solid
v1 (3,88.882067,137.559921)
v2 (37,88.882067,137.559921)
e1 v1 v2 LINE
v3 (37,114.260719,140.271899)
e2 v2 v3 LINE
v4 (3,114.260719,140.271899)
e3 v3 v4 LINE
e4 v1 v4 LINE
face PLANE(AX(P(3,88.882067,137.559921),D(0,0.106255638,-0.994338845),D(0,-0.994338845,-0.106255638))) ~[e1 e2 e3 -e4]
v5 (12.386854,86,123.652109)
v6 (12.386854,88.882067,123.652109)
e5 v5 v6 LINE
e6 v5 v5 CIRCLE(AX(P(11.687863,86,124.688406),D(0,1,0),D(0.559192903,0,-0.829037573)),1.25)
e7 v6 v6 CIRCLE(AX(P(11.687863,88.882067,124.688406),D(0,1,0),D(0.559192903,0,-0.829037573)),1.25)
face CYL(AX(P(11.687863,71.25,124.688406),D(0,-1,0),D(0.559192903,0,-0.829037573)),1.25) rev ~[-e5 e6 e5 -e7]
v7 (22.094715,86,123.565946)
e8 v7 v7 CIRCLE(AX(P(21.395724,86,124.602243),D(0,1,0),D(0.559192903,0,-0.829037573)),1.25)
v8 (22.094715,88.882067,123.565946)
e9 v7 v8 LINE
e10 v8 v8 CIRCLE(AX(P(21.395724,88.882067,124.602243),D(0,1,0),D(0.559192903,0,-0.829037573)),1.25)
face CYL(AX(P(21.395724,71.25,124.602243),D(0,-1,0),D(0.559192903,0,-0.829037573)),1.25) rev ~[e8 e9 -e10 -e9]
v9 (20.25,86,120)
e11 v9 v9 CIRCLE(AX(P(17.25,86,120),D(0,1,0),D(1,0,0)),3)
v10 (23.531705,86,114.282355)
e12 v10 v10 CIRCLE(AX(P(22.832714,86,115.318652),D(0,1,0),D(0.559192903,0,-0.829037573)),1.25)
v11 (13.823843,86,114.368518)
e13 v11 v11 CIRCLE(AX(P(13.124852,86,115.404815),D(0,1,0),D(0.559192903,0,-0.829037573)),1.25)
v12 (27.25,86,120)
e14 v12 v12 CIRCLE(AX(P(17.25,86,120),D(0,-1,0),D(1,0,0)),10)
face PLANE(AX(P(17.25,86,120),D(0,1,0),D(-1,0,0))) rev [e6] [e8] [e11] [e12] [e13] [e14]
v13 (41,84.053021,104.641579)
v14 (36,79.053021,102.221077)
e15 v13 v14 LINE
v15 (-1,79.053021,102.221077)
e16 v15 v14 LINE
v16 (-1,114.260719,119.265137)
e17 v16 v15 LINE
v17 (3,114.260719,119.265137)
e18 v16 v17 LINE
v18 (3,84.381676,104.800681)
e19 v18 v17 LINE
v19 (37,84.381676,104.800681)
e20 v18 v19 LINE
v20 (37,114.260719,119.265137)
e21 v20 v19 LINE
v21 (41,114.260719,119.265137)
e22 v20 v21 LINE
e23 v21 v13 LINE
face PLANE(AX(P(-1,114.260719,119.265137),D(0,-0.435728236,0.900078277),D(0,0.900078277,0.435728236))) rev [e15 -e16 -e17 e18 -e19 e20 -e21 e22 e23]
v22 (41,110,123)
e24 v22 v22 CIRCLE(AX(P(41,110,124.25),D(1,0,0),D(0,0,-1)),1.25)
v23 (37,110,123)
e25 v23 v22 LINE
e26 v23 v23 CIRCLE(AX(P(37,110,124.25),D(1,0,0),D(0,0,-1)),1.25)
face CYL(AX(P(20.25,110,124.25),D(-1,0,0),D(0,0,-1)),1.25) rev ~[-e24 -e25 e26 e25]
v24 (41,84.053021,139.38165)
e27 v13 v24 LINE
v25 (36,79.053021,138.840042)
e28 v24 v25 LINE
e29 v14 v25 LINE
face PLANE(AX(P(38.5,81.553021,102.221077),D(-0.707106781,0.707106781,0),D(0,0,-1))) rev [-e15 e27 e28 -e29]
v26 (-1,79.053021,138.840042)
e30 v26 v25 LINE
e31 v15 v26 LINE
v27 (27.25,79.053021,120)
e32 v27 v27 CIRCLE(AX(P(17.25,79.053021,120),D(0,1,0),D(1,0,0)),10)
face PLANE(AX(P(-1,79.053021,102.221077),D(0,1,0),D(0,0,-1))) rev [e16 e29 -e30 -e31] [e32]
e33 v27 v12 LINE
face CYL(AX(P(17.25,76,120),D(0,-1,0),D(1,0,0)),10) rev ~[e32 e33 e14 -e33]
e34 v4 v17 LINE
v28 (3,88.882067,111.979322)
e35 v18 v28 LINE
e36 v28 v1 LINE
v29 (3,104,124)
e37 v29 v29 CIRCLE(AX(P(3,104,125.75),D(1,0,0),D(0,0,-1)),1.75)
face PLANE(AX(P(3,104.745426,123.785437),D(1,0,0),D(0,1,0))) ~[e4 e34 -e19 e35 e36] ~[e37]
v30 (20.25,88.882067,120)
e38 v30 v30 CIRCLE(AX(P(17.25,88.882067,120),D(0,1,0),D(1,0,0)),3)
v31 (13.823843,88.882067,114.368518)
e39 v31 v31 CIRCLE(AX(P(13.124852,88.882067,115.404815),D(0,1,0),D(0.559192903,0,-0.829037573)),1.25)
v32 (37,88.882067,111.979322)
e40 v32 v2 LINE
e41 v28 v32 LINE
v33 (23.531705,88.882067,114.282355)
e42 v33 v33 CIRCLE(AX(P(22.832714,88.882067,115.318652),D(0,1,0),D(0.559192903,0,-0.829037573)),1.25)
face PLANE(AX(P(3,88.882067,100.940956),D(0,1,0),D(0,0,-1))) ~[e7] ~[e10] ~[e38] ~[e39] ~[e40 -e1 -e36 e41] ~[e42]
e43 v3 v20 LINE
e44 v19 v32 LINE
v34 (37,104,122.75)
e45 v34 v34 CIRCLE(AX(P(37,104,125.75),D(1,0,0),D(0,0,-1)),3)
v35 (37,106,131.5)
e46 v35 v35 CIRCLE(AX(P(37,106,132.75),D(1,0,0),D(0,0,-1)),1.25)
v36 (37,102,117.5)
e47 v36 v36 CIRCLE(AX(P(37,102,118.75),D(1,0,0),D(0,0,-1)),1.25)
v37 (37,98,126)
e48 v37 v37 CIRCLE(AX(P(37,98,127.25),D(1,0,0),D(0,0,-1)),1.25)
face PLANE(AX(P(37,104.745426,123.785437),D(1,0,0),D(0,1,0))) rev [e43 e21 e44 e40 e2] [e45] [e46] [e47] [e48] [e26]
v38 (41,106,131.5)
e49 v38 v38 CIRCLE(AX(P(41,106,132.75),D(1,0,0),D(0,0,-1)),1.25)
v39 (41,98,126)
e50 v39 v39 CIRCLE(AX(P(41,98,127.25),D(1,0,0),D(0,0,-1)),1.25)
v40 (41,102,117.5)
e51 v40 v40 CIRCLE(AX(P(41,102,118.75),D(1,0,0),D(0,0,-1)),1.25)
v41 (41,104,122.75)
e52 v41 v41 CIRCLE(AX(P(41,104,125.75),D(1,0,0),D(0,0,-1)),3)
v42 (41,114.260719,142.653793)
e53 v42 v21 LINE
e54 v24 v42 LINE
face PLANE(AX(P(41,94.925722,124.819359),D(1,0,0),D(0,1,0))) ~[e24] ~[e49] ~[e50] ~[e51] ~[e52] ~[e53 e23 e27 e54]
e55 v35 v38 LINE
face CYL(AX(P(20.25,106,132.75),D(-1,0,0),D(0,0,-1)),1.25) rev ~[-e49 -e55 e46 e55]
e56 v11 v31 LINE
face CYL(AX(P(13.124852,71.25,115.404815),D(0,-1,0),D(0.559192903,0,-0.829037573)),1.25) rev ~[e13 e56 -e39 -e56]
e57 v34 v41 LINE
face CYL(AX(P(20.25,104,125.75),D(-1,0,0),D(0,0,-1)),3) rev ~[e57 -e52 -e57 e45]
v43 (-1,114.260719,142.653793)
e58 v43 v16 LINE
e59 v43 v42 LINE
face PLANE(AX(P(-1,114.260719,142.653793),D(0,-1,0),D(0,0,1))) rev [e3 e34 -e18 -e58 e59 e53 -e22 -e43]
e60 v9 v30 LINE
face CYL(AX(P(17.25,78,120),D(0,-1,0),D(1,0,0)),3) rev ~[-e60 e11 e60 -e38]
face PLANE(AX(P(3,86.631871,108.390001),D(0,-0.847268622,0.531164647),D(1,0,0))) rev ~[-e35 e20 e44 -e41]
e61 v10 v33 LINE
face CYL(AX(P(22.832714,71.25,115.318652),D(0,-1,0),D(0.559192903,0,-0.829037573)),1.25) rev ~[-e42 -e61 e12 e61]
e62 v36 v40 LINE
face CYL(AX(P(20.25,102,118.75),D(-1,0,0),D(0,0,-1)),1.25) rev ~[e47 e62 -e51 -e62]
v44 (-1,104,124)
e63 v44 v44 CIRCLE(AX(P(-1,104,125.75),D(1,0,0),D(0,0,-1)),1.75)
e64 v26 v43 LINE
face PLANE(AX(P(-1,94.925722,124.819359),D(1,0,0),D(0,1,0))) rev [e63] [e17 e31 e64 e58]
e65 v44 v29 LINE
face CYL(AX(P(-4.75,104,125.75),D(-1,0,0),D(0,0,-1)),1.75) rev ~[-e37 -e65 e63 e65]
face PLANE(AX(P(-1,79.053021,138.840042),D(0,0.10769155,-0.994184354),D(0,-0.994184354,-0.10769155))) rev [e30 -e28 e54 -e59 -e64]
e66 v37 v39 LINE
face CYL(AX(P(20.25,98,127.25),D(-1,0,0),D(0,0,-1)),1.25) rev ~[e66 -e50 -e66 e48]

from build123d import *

# Parameters (mm, degrees)
CYLINDER067_R             = 1.75
CYLINDER067_DEPTH         = 22
CYLINDER067_PITCH_ANGLE   = 90
CYLINDER061_R             = 1.25
CYLINDER061_DEPTH         = 22
CYLINDER061_PITCH_ANGLE   = 90
CYLINDER062_R             = 1.25
CYLINDER062_DEPTH         = 22
CYLINDER062_PITCH_ANGLE   = 90
CYLINDER060_R             = 1.25
CYLINDER060_DEPTH         = 22
CYLINDER060_PITCH_ANGLE   = 90
CYLINDER059_R             = 1.25
CYLINDER059_DEPTH         = 22
CYLINDER059_PITCH_ANGLE   = 90
CYLINDER065_R             = 1.25
CYLINDER065_DEPTH         = 22
CYLINDER065_PITCH_ANGLE   = 90
CYLINDER066_R             = 1.25
CYLINDER066_DEPTH         = 22
CYLINDER066_PITCH_ANGLE   = 90
CYLINDER064_R             = 1.25
CYLINDER064_DEPTH         = 22
CYLINDER064_PITCH_ANGLE   = 90
CYLINDER063_R             = 1.25
CYLINDER063_DEPTH         = 22
CYLINDER063_PITCH_ANGLE   = 90
FUSION047_ROLL_ANGLE      = 34
FUSION047_PLACEMENT_ANGLE = -90
CYLINDER058_R             = 3
CYLINDER058_DEPTH         = 22
CYLINDER058_PITCH_ANGLE   = 90
CYLINDER057_R             = 3
CYLINDER057_DEPTH         = 13
CYLINDER057_ROLL_ANGLE    = 90
CYLINDER056_R             = 10
CYLINDER056_DEPTH         = 10
CYLINDER056_ROLL_ANGLE    = 90
PAD007_DEPTH              = 34
PAD005_DEPTH              = 42
CHAMFER104_SIZE           = 5
CHAMFER105_SIZE           = 5


with BuildPart() as cilindro011:
    # Cylinder067 → Cylinder067 (new body)
    with BuildSketch(Plane.XY):
        Circle(CYLINDER067_R)
    extrude(amount=CYLINDER067_DEPTH)


with BuildPart() as cilindro011_1:
    # Cylinder067 pitch: moved
    add(cilindro011.part.rotate(Axis((0, 0, 0), (0, 1, 0)), CYLINDER067_PITCH_ANGLE))


with BuildPart() as cilindro011_2:
    # Cylinder067 placement: moved
    add(cilindro011_1.part.moved(Location((-4.75, -32, 125.75))))


with BuildPart() as cilindro005:
    # Cylinder061 → Cylinder061 (new body)
    with BuildSketch(Plane.XY):
        Circle(CYLINDER061_R)
    extrude(amount=CYLINDER061_DEPTH)


with BuildPart() as cilindro005_1:
    # Cylinder061 pitch: moved
    add(cilindro005.part.rotate(Axis((0, 0, 0), (0, 1, 0)), CYLINDER061_PITCH_ANGLE))


with BuildPart() as cilindro005_2:
    # Cylinder061 placement: moved
    add(cilindro005_1.part.moved(Location((20.25, -38, 124.25))))


with BuildPart() as cilindro006:
    # Cylinder062 → Cylinder062 (new body)
    with BuildSketch(Plane.XY):
        Circle(CYLINDER062_R)
    extrude(amount=CYLINDER062_DEPTH)


with BuildPart() as cilindro006_1:
    # Cylinder062 pitch: moved
    add(cilindro006.part.rotate(Axis((0, 0, 0), (0, 1, 0)), CYLINDER062_PITCH_ANGLE))


with BuildPart() as cilindro006_2:
    # Cylinder062 placement: moved
    add(cilindro006_1.part.moved(Location((20.25, -26, 127.25))))


with BuildPart() as cilindro004:
    # Cylinder060 → Cylinder060 (new body)
    with BuildSketch(Plane.XY):
        Circle(CYLINDER060_R)
    extrude(amount=CYLINDER060_DEPTH)


with BuildPart() as cilindro004_1:
    # Cylinder060 pitch: moved
    add(cilindro004.part.rotate(Axis((0, 0, 0), (0, 1, 0)), CYLINDER060_PITCH_ANGLE))


with BuildPart() as cilindro004_2:
    # Cylinder060 placement: moved
    add(cilindro004_1.part.moved(Location((20.25, -30, 118.75))))


with BuildPart() as fusion046:
    # Cylinder059 → Cylinder059 (new body)
    with BuildSketch(Plane.XY):
        Circle(CYLINDER059_R)
    extrude(amount=CYLINDER059_DEPTH)


with BuildPart() as fusion046_1:
    # Cylinder059 pitch: moved
    add(fusion046.part.rotate(Axis((0, 0, 0), (0, 1, 0)), CYLINDER059_PITCH_ANGLE))


with BuildPart() as fusion046_2:
    # Cylinder059 placement: moved
    add(fusion046_1.part.moved(Location((20.25, -34, 132.75))))

    # Fusion046: union Cilindro005, Cilindro006, Cilindro004
    add(cilindro005_2.part)
    add(cilindro006_2.part)
    add(cilindro004_2.part)


with BuildPart() as cilindro009:
    # Cylinder065 → Cylinder065 (new body)
    with BuildSketch(Plane.XY):
        Circle(CYLINDER065_R)
    extrude(amount=CYLINDER065_DEPTH)


with BuildPart() as cilindro009_1:
    # Cylinder065 pitch: moved
    add(cilindro009.part.rotate(Axis((0, 0, 0), (0, 1, 0)), CYLINDER065_PITCH_ANGLE))


with BuildPart() as cilindro009_2:
    # Cylinder065 placement: moved
    add(cilindro009_1.part.moved(Location((20.25, -38, 124.25))))


with BuildPart() as cilindro010:
    # Cylinder066 → Cylinder066 (new body)
    with BuildSketch(Plane.XY):
        Circle(CYLINDER066_R)
    extrude(amount=CYLINDER066_DEPTH)


with BuildPart() as cilindro010_1:
    # Cylinder066 pitch: moved
    add(cilindro010.part.rotate(Axis((0, 0, 0), (0, 1, 0)), CYLINDER066_PITCH_ANGLE))


with BuildPart() as cilindro010_2:
    # Cylinder066 placement: moved
    add(cilindro010_1.part.moved(Location((20.25, -26, 127.25))))


with BuildPart() as cilindro008:
    # Cylinder064 → Cylinder064 (new body)
    with BuildSketch(Plane.XY):
        Circle(CYLINDER064_R)
    extrude(amount=CYLINDER064_DEPTH)


with BuildPart() as cilindro008_1:
    # Cylinder064 pitch: moved
    add(cilindro008.part.rotate(Axis((0, 0, 0), (0, 1, 0)), CYLINDER064_PITCH_ANGLE))


with BuildPart() as cilindro008_2:
    # Cylinder064 placement: moved
    add(cilindro008_1.part.moved(Location((20.25, -30, 118.75))))


with BuildPart() as fusion047:
    # Cylinder063 → Cylinder063 (new body)
    with BuildSketch(Plane.XY):
        Circle(CYLINDER063_R)
    extrude(amount=CYLINDER063_DEPTH)


with BuildPart() as fusion047_1:
    # Cylinder063 pitch: moved
    add(fusion047.part.rotate(Axis((0, 0, 0), (0, 1, 0)), CYLINDER063_PITCH_ANGLE))


with BuildPart() as fusion047_2:
    # Cylinder063 placement: moved
    add(fusion047_1.part.moved(Location((20.25, -34, 132.75))))

    # Fusion047: union Cilindro009, Cilindro010, Cilindro008
    add(cilindro009_2.part)
    add(cilindro010_2.part)
    add(cilindro008_2.part)


with BuildPart() as fusion047_3:
    # Fusion047 roll: moved
    add(fusion047_2.part.rotate(Axis((0, 0, 0), (1, 0, 0)), FUSION047_ROLL_ANGLE))


with BuildPart() as fusion047_4:
    # Fusion047 placement: moved
    add(fusion047_3.part.moved(Location((114.107998, 21, 33.646227))).rotate(Axis((114.107998, 21, 33.646227), (0, 0, 1)), FUSION047_PLACEMENT_ANGLE))


with BuildPart() as cilindro002:
    # Cylinder058 → Cylinder058 (new body)
    with BuildSketch(Plane.XY):
        Circle(CYLINDER058_R)
    extrude(amount=CYLINDER058_DEPTH)


with BuildPart() as cilindro002_1:
    # Cylinder058 pitch: moved
    add(cilindro002.part.rotate(Axis((0, 0, 0), (0, 1, 0)), CYLINDER058_PITCH_ANGLE))


with BuildPart() as cilindro002_2:
    # Cylinder058 placement: moved
    add(cilindro002_1.part.moved(Location((20.25, -32, 125.75))))


with BuildPart() as cilindro001:
    # Cylinder057 → Cylinder057 (new body)
    with BuildSketch(Plane.XY):
        Circle(CYLINDER057_R)
    extrude(amount=CYLINDER057_DEPTH)


with BuildPart() as cilindro001_1:
    # Cylinder057 roll: moved
    add(cilindro001.part.rotate(Axis((0, 0, 0), (1, 0, 0)), CYLINDER057_ROLL_ANGLE))


with BuildPart() as cilindro001_2:
    # Cylinder057 placement: moved
    add(cilindro001_1.part.moved(Location((17.25, -6, 120))))


with BuildPart() as cilindro:
    # Cylinder056 → Cylinder056 (new body)
    with BuildSketch(Plane.XY):
        Circle(CYLINDER056_R)
    extrude(amount=CYLINDER056_DEPTH)


with BuildPart() as cilindro_1:
    # Cylinder056 roll: moved
    add(cilindro.part.rotate(Axis((0, 0, 0), (1, 0, 0)), CYLINDER056_ROLL_ANGLE))


with BuildPart() as cilindro_2:
    # Cylinder056 placement: moved
    add(cilindro_1.part.moved(Location((17.25, -4, 120))))


with BuildPart() as pad007:
    # Sketch012 → Pad007 (new body)
    with BuildSketch(Plane(origin=(3, -12, -1), x_dir=(0, 1, 0), z_dir=(1, 0, 0))):
        Polygon((-4.882067, 101.940956), (-4.882067, 138.559921), (-40.571098, 142.373672), (-40.571098, 120.688431), align=None)
    extrude(amount=PAD007_DEPTH)


with BuildPart() as clone_of_chamfer105:
    # Sketch010 → Pad005 (new body)
    with BuildSketch(Plane.YZ.offset(-1)):
        Polygon((-7.053021, 102.221077), (-7.053021, 138.840042), (-42.260719, 142.653793), (-42.260719, 119.265137), align=None)
    extrude(amount=PAD005_DEPTH)

    # Cut085: cut Pad007
    add(pad007.part, mode=Mode.SUBTRACT)

    # Cut086: cut Cilindro
    add(cilindro_2.part, mode=Mode.SUBTRACT)

    # Cut087: cut Cilindro001
    add(cilindro001_2.part, mode=Mode.SUBTRACT)

    # Chamfer104
    chamfer104_edges = [clone_of_chamfer105.edges().sort_by_distance(p)[0] for p in [
        (20, -16.882067, 106.979322),
    ]]
    chamfer(chamfer104_edges, length=CHAMFER104_SIZE)

    # Cut088: cut Cilindro002
    add(cilindro002_2.part, mode=Mode.SUBTRACT)

    # Cut089: cut Fusion047
    add(fusion047_4.part, mode=Mode.SUBTRACT)

    # Cut090: cut Fusion046
    add(fusion046_2.part, mode=Mode.SUBTRACT)

    # Cut091: cut Cilindro011
    add(cilindro011_2.part, mode=Mode.SUBTRACT)

    # Chamfer105
    chamfer105_edges = [clone_of_chamfer105.edges().sort_by_distance(p)[0] for p in [
        (41, -7.053021, 120.530559),
    ]]
    chamfer(chamfer105_edges, length=CHAMFER105_SIZE)


with BuildPart() as part_mirroring007008:
    # Part__Mirroring007008: instance of Clone of Chamfer105
    add(clone_of_chamfer105.part.mirror(Plane(origin=(0, 0, 0), x_dir=(1, 0, 0), z_dir=(0, 1, 0))))


with BuildPart() as part_mirroring007008_1:
    # Part__Mirroring007008 placement: moved
    add(part_mirroring007008.part.moved(Location((0, 72, 0))))


solid = part_mirroring007008_1.part
